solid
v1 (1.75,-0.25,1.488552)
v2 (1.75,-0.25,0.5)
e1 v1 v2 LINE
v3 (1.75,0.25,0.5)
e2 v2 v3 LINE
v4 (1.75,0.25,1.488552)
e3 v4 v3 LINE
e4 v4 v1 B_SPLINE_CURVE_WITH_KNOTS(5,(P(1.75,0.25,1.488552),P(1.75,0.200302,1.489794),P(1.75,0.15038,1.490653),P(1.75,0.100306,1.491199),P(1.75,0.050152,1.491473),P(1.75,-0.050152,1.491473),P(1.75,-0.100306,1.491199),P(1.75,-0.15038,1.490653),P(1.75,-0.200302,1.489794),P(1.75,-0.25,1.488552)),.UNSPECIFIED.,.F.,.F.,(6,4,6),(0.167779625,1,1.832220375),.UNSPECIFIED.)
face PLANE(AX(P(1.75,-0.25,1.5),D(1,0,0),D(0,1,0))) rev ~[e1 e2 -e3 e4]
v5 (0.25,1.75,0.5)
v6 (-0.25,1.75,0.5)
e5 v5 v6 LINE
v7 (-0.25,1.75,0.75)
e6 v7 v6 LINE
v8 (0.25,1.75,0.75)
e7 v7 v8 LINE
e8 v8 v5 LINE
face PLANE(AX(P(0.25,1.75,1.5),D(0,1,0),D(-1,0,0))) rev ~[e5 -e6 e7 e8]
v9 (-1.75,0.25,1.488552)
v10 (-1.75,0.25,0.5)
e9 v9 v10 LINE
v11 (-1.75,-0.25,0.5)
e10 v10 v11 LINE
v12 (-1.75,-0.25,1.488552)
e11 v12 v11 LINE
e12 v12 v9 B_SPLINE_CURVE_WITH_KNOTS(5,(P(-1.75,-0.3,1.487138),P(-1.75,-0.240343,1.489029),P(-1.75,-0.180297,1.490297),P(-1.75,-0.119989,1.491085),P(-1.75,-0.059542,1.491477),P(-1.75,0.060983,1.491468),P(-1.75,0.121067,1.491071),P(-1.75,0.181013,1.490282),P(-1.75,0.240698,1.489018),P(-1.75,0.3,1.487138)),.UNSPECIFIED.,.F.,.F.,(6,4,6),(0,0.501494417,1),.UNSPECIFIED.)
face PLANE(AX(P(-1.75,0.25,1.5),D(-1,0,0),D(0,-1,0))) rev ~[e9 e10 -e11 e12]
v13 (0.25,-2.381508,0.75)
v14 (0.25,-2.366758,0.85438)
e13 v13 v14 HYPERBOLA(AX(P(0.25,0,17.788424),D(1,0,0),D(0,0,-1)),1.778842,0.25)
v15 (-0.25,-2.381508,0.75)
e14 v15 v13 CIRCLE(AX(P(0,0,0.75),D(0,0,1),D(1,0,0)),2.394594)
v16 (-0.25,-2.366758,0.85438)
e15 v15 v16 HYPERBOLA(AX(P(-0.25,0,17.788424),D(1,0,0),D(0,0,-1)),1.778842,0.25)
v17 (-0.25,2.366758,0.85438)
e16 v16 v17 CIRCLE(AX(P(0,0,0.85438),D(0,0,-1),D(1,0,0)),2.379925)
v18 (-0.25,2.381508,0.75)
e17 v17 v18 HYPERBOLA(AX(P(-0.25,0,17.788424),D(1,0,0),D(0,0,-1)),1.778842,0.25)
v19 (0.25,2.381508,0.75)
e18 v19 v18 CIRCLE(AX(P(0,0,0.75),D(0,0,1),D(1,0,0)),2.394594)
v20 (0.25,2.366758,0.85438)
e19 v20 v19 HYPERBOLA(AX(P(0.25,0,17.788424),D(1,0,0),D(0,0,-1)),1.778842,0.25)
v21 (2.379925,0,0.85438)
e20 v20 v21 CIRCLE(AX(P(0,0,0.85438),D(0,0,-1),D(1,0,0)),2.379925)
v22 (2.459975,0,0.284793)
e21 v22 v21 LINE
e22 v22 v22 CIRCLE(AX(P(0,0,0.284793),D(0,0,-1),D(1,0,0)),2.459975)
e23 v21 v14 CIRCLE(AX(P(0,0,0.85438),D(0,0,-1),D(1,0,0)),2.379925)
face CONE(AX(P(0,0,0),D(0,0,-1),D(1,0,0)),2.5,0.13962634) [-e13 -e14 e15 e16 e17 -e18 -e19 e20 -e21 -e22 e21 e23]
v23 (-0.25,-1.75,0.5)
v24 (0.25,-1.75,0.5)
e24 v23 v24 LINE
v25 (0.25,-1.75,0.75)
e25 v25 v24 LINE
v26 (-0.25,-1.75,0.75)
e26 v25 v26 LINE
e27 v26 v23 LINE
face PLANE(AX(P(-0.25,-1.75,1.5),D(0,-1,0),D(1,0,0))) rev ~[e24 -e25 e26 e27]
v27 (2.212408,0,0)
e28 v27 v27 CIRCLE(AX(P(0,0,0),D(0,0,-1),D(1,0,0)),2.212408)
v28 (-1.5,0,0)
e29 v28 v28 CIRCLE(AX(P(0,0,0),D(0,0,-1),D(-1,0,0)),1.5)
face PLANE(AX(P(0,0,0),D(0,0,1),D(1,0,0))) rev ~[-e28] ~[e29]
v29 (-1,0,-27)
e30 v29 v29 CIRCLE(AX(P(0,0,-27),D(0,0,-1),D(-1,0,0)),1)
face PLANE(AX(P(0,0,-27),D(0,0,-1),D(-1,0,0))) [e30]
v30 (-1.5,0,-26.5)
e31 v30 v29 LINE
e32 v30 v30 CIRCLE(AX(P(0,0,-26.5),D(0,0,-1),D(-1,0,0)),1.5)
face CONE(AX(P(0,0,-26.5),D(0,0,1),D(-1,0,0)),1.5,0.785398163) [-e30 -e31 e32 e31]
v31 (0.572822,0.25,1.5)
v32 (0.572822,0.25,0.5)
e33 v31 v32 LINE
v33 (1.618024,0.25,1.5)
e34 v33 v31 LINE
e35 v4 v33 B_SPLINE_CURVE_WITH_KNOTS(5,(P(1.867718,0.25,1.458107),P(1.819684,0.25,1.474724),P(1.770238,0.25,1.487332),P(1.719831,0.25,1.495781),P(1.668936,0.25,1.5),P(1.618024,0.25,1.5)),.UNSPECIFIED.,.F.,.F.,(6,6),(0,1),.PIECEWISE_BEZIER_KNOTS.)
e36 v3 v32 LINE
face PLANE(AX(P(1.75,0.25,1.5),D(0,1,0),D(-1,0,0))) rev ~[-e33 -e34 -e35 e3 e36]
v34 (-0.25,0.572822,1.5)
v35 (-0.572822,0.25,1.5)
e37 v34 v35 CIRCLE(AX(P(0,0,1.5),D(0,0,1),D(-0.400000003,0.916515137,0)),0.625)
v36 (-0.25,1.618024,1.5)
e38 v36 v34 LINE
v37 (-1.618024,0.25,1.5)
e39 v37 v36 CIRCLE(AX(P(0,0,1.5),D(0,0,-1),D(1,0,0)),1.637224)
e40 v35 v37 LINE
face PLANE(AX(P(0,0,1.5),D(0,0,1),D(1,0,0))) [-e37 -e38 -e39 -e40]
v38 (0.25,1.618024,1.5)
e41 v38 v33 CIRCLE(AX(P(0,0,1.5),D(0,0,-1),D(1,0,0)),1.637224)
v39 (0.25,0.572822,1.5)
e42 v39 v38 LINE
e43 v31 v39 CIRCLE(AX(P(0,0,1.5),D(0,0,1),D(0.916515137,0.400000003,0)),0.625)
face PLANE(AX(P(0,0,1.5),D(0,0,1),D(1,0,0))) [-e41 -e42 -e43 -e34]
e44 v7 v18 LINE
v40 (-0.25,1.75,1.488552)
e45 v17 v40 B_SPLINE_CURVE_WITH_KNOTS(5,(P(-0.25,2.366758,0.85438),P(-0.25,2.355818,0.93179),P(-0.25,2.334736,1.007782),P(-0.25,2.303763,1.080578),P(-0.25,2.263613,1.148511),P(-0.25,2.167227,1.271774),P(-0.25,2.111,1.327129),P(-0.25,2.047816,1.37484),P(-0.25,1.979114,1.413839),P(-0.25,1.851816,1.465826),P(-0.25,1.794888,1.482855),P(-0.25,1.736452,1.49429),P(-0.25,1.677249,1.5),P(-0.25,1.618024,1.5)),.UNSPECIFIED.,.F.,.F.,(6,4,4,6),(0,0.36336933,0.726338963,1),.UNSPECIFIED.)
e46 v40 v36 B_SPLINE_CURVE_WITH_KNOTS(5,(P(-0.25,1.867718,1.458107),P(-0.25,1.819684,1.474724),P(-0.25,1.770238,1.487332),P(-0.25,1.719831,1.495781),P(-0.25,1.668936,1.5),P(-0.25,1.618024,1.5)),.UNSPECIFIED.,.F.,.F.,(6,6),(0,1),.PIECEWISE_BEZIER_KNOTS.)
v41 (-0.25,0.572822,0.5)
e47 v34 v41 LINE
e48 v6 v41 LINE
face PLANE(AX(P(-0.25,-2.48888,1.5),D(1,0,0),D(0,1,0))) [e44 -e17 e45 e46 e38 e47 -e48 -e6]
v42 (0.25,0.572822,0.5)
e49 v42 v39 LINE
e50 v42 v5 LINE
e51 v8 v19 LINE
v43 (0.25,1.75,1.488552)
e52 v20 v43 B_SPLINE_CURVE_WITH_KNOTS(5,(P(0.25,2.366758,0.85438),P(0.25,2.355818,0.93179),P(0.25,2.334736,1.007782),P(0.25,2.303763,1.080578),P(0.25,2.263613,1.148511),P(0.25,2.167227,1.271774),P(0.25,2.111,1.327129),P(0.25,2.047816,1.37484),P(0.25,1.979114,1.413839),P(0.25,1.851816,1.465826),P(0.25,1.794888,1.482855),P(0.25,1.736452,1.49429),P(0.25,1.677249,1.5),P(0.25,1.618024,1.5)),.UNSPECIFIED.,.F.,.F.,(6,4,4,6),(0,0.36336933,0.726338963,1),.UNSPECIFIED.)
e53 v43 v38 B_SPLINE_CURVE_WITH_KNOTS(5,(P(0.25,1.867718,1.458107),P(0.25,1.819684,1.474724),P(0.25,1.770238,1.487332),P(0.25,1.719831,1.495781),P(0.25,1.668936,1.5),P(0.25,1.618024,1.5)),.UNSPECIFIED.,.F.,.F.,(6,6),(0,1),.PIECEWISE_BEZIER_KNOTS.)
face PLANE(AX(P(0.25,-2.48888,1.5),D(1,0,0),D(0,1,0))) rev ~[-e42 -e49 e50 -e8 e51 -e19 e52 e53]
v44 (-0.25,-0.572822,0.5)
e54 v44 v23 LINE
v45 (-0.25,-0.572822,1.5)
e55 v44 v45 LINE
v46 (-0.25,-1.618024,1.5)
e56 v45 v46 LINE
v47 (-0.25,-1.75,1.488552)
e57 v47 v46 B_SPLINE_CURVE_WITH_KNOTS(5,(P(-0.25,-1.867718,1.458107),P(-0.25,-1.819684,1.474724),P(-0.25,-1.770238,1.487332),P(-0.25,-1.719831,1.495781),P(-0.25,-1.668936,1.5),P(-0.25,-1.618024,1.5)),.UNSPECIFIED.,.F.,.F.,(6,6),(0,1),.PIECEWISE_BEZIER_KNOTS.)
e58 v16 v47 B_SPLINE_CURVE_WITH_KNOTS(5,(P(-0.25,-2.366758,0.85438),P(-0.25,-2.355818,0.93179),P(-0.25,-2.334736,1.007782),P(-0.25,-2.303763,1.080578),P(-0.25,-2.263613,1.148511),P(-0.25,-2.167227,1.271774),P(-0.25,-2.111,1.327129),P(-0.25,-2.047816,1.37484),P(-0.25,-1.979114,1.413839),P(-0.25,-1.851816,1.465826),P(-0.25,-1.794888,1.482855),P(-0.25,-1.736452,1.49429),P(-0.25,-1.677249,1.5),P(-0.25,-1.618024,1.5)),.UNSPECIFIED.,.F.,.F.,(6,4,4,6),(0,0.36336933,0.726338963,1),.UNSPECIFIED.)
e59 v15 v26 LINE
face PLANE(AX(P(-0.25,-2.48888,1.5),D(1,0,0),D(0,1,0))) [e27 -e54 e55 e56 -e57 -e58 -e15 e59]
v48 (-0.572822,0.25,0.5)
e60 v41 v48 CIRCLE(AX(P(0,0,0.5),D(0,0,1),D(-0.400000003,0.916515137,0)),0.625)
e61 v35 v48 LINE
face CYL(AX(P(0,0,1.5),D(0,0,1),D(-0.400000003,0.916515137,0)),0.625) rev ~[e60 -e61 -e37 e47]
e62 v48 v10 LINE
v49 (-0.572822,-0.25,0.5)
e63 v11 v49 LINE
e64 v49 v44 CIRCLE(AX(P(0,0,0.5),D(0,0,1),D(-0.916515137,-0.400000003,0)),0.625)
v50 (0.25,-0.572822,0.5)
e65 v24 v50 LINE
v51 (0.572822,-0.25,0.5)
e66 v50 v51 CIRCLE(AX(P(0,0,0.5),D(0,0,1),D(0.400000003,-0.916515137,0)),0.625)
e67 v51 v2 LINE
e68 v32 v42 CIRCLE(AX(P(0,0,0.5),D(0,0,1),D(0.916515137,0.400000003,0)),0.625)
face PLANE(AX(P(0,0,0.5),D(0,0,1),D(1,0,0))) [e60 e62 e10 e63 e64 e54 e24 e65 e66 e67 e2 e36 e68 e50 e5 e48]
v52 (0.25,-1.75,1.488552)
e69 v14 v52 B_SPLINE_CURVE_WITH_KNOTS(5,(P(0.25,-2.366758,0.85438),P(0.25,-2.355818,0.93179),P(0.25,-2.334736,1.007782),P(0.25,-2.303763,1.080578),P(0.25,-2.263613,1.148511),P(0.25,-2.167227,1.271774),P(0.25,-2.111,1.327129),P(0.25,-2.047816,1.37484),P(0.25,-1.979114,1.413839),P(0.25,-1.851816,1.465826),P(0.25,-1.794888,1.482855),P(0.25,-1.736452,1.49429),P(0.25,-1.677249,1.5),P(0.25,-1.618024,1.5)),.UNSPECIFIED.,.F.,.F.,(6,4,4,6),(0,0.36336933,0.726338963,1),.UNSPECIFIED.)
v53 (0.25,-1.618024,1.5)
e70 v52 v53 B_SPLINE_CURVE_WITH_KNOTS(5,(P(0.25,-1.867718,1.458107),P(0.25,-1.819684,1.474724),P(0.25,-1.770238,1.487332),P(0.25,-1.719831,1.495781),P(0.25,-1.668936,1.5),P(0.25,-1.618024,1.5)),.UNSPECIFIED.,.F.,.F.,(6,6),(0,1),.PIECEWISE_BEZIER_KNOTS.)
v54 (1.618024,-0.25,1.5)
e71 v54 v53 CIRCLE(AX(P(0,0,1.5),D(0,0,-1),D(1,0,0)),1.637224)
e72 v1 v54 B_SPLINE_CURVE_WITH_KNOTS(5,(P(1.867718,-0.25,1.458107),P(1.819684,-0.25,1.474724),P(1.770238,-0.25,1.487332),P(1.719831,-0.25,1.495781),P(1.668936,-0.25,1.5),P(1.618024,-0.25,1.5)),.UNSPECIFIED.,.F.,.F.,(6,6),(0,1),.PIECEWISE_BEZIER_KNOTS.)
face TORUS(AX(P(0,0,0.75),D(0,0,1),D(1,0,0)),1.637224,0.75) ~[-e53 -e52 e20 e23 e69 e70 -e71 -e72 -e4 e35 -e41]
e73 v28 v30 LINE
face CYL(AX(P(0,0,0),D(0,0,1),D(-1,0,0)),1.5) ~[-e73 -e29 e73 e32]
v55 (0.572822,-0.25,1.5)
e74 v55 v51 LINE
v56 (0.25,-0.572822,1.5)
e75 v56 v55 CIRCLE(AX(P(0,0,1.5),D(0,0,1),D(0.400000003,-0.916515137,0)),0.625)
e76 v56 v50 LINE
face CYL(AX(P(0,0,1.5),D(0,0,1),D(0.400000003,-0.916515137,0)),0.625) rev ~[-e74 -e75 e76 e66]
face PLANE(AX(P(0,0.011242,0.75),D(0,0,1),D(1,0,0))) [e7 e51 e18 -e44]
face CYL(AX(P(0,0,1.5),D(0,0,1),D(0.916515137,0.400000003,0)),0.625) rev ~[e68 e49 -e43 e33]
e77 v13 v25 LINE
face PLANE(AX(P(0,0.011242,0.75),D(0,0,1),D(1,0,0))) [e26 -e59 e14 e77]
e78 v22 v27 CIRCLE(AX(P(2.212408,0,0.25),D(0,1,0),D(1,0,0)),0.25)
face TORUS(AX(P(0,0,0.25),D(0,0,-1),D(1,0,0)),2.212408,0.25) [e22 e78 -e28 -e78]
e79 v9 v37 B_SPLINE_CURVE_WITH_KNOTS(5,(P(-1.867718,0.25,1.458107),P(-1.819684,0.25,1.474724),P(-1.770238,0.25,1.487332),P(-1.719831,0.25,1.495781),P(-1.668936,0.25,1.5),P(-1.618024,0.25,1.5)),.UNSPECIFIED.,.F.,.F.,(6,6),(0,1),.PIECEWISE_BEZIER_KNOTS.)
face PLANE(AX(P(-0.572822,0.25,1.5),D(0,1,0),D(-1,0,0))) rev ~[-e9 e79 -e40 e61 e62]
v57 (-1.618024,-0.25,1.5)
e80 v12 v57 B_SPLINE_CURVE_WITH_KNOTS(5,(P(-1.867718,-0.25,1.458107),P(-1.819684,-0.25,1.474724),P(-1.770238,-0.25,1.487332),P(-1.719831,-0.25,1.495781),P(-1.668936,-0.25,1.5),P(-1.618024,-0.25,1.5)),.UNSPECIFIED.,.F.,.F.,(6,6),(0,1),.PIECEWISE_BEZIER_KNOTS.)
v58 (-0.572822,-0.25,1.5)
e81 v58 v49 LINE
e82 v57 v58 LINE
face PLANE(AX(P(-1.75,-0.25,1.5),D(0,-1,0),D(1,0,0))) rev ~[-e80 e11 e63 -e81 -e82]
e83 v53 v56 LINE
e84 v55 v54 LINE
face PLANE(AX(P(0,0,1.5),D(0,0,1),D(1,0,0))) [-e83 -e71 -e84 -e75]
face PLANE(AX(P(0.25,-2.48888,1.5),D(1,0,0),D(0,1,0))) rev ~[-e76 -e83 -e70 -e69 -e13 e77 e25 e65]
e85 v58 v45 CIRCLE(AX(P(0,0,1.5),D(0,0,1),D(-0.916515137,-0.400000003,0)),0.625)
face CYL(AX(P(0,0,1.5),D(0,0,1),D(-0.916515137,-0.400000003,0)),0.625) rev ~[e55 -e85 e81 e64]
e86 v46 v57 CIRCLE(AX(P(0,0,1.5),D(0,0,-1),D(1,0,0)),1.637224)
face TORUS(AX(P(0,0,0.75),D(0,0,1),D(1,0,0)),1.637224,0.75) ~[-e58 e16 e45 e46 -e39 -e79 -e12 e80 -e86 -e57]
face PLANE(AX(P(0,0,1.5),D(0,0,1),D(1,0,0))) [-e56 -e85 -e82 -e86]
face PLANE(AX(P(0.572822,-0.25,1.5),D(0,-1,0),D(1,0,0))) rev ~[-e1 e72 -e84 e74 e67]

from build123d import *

# Parameters (mm, degrees)
ESQUISSE1_R             = 2.5
BASE_EXTRUSION_DEPTH    = 1.5
BASE_EXTRUSION_TAPER    = 8
CONG_1_R                = 0.75
CONG_2_R                = 0.25
ESQUISSE2_R             = 1.5
BOSS_EXTRU_1_DEPTH      = 27
CHANFREIN1_SIZE         = 0.5
ENL_V_MAT_EXTRU_1_DEPTH = 1
ESQUISSE5_W             = 0.5
ESQUISSE5_H             = 5.000243794
ENL_V_MAT_EXTRU_2_DEPTH = 0.75


with BuildPart() as part:
    # Esquisse1 → Base-Extrusion (new body)
    with BuildSketch(Plane.XY):
        Circle(ESQUISSE1_R)
    extrude(amount=BASE_EXTRUSION_DEPTH, taper=BASE_EXTRUSION_TAPER)

    # Congé1
    cong_1_edges = [part.edges().sort_by_distance(p)[0] for p in [
        (-2.289188748, 0, 1.5),
    ]]
    fillet(cong_1_edges, radius=CONG_1_R)

    # Congé2
    cong_2_edges = [part.edges().sort_by_distance(p)[0] for p in [
        (-2.5, 0, 0),
    ]]
    fillet(cong_2_edges, radius=CONG_2_R)

    # Esquisse2 → Boss.-Extru.1 (add)
    with BuildSketch(Plane(origin=(0, 0, 0), x_dir=(-1, 0, 0), z_dir=(0, 0, -1))):
        Circle(ESQUISSE2_R)
    extrude(amount=BOSS_EXTRU_1_DEPTH)

    # Chanfrein1
    chanfrein1_edges = [part.edges().sort_by_distance(p)[0] for p in [
        (1.5, 0, -27),
    ]]
    chamfer(chanfrein1_edges, length=CHANFREIN1_SIZE)

    # Esquisse4 → Enlèv. mat.-Extru.1 (cut)
    with BuildSketch(Plane.XY.offset(1.5)):
        with BuildLine():
            Line((-0.25, 1.75), (-0.25, 0.572821962))
            ThreePointArc((-0.25, 0.572821962), (-0.441941738, 0.441941738), (-0.572821962, 0.25))
            Line((-0.572821962, 0.25), (-1.75, 0.25))
            Line((-1.75, 0.25), (-1.75, -0.25))
            Line((-1.75, -0.25), (-0.572821962, -0.25))
            ThreePointArc((-0.572821962, -0.25), (-0.441941738, -0.441941738), (-0.25, -0.572821962))
            Line((-0.25, -0.572821962), (-0.25, -1.75))
            Line((-0.25, -1.75), (0.25, -1.75))
            Line((0.25, -1.75), (0.25, -0.572821962))
            ThreePointArc((0.25, -0.572821962), (0.441941738, -0.441941738), (0.572821962, -0.25))
            Line((0.572821962, -0.25), (1.75, -0.25))
            Line((1.75, -0.25), (1.75, 0.25))
            Line((1.75, 0.25), (0.572821962, 0.25))
            ThreePointArc((0.572821962, 0.25), (0.441941738, 0.441941738), (0.25, 0.572821962))
            Line((0.25, 0.572821962), (0.25, 1.75))
            Line((0.25, 1.75), (-0.25, 1.75))
        make_face()
    extrude(amount=-ENL_V_MAT_EXTRU_1_DEPTH, mode=Mode.SUBTRACT)

    # Esquisse5 → Enlèv. mat.-Extru.2 (cut)
    with BuildSketch(Plane.XY.offset(1.5)):
        with Locations((0, 0.01124212)):
            Rectangle(ESQUISSE5_W, ESQUISSE5_H)
    extrude(amount=-ENL_V_MAT_EXTRU_2_DEPTH, mode=Mode.SUBTRACT)


solid = part.part
